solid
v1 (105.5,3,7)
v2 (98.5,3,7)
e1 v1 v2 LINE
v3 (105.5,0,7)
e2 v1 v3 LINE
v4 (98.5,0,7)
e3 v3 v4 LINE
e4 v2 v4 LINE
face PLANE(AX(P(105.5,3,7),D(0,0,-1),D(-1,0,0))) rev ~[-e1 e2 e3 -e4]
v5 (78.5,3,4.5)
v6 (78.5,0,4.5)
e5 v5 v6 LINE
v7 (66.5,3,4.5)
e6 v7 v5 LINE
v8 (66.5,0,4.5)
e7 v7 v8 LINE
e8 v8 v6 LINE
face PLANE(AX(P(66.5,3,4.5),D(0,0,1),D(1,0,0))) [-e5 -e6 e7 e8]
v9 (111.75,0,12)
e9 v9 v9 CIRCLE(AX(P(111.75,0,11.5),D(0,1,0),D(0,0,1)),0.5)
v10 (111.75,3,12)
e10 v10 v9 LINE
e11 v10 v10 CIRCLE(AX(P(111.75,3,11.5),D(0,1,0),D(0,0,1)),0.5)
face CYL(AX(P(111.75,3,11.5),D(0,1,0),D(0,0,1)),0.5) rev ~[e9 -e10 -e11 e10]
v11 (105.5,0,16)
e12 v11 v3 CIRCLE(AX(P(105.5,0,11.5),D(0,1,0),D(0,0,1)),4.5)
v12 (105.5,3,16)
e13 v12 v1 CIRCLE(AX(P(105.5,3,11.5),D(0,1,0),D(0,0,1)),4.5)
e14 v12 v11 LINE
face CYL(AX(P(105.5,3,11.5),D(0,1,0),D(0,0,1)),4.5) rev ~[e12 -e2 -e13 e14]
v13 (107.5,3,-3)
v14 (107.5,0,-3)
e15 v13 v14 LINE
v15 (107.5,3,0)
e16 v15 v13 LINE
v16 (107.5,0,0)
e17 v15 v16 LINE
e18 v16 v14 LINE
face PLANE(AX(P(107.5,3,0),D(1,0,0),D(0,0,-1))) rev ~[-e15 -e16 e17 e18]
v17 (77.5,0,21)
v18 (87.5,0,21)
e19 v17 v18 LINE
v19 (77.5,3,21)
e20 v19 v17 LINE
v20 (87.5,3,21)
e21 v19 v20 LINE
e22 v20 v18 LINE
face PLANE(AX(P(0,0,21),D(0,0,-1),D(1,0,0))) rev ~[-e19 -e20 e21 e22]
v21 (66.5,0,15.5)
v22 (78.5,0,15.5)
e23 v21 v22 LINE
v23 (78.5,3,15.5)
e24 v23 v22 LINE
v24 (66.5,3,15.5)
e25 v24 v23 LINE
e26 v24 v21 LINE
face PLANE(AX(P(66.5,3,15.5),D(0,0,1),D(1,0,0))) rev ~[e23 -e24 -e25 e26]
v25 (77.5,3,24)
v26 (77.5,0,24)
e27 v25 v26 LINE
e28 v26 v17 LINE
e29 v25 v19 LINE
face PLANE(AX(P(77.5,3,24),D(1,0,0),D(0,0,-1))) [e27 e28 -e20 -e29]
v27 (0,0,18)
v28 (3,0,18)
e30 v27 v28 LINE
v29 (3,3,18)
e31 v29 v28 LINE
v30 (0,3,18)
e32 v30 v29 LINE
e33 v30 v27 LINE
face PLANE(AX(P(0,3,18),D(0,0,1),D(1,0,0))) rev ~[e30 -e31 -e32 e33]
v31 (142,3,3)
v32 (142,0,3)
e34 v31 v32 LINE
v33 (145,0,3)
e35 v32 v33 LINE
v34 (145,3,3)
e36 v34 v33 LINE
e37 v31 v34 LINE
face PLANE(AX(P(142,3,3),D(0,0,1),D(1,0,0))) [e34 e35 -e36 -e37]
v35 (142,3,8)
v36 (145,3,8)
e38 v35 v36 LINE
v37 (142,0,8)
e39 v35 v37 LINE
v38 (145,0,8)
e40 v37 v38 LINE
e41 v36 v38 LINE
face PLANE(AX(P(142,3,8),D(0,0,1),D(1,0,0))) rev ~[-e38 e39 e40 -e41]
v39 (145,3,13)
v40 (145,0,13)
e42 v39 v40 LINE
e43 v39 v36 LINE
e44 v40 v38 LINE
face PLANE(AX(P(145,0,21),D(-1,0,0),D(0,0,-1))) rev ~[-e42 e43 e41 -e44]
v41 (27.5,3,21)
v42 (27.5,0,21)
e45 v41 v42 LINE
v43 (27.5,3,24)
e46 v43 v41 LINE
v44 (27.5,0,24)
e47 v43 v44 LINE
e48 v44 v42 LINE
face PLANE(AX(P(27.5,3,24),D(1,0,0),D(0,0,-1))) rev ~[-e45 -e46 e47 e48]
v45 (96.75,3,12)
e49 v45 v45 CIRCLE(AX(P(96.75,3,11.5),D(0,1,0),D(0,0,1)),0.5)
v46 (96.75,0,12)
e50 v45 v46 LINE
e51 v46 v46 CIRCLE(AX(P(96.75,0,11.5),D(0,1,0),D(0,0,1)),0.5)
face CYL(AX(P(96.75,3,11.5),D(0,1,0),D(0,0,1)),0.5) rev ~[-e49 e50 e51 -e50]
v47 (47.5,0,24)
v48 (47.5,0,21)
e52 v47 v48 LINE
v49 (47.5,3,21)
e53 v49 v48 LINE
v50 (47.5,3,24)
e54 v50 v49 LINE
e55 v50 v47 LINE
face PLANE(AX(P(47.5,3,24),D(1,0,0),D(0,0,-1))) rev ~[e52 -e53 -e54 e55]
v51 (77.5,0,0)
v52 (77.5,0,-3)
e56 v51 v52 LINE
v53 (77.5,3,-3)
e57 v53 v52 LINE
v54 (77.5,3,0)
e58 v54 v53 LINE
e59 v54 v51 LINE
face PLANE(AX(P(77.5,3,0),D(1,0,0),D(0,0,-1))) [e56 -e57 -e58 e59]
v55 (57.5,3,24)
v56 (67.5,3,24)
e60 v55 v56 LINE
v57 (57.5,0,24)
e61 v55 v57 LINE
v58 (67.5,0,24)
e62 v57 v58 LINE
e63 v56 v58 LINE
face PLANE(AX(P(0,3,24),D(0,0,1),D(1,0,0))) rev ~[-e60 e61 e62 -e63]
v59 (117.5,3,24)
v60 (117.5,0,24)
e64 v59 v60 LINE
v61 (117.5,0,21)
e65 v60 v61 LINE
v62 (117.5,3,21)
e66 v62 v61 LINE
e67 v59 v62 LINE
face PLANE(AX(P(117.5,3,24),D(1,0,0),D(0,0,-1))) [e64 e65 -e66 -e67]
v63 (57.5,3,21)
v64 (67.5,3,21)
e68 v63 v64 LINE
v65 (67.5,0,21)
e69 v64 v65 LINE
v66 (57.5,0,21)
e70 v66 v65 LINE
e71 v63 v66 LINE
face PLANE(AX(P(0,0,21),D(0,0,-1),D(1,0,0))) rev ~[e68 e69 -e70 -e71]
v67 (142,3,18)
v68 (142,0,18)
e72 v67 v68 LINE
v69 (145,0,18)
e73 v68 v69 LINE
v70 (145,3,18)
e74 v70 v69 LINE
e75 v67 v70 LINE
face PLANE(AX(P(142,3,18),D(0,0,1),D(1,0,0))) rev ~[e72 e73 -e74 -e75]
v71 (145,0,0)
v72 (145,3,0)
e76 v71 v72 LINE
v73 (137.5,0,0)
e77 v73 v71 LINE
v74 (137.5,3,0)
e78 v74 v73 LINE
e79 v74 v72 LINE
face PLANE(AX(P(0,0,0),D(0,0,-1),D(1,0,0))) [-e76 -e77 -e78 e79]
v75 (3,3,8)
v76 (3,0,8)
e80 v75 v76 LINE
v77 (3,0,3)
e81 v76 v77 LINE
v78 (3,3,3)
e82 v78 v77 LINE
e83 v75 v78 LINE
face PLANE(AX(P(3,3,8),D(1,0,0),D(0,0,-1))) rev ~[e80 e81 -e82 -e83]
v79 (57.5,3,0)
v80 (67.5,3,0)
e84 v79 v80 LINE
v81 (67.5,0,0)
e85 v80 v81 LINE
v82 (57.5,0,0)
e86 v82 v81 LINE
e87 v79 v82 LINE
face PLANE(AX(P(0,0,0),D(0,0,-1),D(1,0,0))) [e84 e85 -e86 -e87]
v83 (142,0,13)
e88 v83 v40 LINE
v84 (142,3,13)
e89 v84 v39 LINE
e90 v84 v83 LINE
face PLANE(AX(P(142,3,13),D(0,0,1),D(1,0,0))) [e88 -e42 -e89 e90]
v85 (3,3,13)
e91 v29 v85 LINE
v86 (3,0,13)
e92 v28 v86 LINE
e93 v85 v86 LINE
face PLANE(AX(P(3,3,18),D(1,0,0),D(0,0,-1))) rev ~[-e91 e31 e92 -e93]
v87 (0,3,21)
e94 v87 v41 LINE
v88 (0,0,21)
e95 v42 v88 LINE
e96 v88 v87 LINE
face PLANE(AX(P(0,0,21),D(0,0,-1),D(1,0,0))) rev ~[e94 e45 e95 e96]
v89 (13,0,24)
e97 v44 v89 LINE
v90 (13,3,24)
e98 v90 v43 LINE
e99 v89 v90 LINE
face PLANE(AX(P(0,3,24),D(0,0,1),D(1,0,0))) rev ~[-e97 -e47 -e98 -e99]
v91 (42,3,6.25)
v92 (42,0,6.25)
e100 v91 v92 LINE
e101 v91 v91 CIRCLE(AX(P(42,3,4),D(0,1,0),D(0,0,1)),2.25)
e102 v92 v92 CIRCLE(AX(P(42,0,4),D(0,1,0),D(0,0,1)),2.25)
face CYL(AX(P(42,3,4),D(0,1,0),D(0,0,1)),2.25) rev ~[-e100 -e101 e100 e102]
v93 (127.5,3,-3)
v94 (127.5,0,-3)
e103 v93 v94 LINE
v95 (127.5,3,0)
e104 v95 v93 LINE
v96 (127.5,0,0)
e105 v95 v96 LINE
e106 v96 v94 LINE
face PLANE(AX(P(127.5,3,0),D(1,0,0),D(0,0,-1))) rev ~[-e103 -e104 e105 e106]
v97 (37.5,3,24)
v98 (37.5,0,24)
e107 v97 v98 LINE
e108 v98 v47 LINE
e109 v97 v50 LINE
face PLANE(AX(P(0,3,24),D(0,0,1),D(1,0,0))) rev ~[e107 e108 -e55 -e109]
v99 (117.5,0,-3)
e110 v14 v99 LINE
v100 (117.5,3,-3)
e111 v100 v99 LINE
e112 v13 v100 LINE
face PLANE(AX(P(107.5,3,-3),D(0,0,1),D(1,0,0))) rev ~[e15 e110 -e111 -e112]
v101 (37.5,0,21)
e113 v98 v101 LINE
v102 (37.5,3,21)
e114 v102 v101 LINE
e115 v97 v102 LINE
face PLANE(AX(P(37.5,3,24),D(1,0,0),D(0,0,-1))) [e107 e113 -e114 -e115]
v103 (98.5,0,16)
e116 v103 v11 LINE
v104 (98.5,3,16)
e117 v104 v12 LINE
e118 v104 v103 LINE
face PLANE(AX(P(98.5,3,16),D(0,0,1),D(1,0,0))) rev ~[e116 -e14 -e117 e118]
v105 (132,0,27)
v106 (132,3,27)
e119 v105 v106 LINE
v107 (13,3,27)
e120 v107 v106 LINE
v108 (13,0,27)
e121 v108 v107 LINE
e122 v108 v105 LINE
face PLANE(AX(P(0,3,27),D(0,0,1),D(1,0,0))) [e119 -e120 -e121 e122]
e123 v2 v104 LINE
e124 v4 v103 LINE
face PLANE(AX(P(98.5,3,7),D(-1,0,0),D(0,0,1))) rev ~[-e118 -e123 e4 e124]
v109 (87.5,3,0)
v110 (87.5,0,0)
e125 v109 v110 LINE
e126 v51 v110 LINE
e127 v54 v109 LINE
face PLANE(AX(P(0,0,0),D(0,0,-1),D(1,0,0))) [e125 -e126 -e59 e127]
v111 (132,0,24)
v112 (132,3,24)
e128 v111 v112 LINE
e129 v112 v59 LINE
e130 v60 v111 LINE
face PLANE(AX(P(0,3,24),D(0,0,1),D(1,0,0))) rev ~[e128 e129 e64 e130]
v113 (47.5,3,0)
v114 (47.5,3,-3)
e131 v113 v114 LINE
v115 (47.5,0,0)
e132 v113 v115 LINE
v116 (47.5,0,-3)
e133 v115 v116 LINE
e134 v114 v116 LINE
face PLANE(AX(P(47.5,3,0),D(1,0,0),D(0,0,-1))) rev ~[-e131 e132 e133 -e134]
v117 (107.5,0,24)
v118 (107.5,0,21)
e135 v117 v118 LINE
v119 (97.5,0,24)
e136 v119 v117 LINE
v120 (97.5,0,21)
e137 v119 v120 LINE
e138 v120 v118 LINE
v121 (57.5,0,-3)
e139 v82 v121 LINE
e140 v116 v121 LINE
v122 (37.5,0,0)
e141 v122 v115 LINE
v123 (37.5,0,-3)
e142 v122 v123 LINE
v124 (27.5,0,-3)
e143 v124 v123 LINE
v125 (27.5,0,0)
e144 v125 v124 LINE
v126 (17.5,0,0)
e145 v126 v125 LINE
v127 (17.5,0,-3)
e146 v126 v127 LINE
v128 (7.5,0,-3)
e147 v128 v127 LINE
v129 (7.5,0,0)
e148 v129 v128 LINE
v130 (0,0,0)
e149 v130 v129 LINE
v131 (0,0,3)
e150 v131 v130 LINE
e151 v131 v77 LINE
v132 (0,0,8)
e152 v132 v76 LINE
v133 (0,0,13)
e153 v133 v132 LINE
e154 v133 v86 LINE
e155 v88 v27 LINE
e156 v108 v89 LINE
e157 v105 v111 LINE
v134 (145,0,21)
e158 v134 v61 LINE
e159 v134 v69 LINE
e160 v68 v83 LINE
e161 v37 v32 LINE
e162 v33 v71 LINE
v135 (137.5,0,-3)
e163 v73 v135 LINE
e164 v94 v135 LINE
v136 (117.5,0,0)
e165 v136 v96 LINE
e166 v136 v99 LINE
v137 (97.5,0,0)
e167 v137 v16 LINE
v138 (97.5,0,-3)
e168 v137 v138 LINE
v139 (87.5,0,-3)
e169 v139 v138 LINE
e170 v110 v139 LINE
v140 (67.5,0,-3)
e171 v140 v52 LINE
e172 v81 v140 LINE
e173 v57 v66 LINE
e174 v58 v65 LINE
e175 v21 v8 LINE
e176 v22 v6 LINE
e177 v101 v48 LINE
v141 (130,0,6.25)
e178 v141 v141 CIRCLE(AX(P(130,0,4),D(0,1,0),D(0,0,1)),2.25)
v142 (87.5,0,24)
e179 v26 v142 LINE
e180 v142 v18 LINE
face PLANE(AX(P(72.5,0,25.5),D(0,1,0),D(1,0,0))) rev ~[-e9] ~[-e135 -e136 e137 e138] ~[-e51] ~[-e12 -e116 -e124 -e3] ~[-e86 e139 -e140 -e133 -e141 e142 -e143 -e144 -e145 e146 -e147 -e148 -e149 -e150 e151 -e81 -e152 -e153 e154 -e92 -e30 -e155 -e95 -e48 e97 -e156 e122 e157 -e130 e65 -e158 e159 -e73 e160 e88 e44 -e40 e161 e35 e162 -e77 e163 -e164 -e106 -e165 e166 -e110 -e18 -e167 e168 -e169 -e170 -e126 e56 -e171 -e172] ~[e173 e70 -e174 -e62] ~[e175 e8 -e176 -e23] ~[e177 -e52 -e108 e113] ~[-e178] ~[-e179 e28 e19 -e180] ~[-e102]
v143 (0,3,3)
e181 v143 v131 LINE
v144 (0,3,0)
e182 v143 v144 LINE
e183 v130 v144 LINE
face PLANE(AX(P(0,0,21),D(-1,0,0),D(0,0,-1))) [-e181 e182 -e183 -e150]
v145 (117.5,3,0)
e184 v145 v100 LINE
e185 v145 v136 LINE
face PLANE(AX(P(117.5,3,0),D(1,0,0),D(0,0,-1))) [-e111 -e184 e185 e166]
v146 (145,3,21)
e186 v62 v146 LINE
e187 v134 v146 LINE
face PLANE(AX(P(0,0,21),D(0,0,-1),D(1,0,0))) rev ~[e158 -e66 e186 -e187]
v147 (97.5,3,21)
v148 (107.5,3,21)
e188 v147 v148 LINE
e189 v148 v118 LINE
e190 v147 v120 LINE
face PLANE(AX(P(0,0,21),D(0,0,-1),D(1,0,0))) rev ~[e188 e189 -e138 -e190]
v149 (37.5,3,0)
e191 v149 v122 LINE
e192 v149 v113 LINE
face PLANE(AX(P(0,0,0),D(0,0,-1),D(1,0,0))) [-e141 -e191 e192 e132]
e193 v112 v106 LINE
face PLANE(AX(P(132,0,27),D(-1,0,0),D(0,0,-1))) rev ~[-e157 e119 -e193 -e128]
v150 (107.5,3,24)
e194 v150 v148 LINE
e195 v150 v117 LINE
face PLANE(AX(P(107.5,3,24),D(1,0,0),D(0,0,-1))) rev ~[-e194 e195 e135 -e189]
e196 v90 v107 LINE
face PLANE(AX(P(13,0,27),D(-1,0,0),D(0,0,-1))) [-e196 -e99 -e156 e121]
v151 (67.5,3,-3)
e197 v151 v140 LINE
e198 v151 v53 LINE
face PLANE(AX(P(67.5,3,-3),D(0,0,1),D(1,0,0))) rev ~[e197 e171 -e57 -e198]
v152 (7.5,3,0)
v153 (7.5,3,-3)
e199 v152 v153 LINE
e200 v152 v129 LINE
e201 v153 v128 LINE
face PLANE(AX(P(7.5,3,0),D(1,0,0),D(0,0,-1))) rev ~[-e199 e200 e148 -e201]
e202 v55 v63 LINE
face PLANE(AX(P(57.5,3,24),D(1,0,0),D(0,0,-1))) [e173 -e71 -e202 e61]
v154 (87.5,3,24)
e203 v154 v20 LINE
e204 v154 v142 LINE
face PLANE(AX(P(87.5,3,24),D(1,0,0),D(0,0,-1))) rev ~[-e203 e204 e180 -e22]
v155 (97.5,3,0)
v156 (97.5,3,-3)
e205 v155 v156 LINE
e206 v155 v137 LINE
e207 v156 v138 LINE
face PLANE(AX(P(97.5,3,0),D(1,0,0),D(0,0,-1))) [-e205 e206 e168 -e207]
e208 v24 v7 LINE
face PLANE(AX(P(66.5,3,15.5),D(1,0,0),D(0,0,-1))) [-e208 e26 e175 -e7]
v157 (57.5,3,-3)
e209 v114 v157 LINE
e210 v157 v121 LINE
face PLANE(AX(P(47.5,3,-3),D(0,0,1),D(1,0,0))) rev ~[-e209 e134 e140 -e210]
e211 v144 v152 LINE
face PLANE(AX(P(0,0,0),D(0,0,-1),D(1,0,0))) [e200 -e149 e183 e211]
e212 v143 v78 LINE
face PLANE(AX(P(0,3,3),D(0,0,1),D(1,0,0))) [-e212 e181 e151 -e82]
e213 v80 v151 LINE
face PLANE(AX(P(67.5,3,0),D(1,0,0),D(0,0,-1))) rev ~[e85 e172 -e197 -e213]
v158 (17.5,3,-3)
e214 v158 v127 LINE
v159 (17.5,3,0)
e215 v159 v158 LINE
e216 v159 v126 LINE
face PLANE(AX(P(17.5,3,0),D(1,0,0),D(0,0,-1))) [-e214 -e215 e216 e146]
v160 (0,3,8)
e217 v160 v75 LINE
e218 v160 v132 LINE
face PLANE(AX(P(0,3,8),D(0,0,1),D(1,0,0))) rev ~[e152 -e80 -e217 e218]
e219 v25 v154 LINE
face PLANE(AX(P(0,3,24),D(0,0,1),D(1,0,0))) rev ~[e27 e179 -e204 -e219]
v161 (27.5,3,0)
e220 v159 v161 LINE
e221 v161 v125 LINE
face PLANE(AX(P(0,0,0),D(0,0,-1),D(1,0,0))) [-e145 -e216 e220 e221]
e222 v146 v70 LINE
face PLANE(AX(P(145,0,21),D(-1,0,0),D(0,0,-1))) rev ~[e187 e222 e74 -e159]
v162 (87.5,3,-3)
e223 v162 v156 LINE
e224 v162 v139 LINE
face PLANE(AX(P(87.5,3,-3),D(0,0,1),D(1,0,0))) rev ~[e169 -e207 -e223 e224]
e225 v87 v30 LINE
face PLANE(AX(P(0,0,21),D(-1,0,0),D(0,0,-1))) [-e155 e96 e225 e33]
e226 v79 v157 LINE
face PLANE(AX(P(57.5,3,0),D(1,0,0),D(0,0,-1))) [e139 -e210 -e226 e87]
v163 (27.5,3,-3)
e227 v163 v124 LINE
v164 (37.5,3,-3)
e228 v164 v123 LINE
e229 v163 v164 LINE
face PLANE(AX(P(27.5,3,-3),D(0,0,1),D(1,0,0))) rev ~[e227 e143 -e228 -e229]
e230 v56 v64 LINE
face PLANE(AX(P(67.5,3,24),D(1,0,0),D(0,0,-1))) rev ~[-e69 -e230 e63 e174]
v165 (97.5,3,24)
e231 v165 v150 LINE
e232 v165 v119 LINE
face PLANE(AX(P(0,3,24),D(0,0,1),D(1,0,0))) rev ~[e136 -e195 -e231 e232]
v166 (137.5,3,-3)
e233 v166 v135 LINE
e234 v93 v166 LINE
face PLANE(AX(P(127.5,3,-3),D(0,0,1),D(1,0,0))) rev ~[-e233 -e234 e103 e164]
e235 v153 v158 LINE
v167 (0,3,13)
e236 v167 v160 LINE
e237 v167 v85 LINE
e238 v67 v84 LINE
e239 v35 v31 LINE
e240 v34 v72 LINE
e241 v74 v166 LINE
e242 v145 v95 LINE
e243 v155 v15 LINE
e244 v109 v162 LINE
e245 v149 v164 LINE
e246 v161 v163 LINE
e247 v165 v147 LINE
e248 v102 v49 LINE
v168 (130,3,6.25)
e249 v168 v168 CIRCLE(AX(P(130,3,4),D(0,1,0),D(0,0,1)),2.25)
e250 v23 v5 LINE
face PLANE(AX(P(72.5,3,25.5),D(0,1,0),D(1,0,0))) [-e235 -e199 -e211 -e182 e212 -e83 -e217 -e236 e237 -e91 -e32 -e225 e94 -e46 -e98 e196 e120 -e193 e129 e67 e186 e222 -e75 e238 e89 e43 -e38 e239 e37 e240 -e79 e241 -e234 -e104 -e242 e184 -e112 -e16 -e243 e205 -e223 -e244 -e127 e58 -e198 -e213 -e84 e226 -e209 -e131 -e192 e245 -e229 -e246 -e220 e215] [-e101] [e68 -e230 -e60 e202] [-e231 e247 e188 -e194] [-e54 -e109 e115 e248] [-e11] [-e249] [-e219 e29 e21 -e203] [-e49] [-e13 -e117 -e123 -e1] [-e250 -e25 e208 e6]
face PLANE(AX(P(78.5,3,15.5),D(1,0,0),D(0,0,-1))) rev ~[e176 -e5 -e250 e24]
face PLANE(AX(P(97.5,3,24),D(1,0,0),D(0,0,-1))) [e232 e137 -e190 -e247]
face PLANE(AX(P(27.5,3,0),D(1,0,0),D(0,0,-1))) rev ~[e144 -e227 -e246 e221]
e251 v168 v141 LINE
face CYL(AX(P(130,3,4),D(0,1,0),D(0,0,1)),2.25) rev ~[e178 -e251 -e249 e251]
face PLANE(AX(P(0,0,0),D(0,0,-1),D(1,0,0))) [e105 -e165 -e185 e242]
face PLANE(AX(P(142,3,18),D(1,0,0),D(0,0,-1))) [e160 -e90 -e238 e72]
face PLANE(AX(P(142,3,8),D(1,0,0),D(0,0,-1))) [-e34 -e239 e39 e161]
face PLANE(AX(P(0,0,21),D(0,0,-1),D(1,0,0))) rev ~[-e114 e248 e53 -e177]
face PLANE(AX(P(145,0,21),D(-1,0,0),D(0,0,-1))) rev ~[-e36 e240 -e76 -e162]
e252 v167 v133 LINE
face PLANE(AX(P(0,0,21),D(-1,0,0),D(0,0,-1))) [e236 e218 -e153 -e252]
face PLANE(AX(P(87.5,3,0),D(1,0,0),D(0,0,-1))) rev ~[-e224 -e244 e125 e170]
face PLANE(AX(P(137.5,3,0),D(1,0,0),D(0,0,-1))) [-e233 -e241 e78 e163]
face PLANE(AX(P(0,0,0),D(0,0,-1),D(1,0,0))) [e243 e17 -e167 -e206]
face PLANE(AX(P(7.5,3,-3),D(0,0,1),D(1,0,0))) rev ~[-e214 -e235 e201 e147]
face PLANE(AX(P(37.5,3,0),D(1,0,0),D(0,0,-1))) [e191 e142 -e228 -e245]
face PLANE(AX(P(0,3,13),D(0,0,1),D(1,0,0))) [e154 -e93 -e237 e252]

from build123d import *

# Parameters (mm, degrees)
SKETCH1_W           = 145
SKETCH1_H           = 21
BOSS_EXTRUDE1_DEPTH = 3
SKETCH2_W           = 12
SKETCH2_H           = 11
CUT_EXTRUDE1_DEPTH  = 147.543508898
SKETCH3_R           = 2.25
CUT_EXTRUDE2_DEPTH  = 147.543508898
SKETCH4_R           = 0.5
CUT_EXTRUDE3_DEPTH  = 147.543508898
SKETCH5_W           = 10
SKETCH5_H           = 3
BOSS_EXTRUDE2_DEPTH = 3
LPATTERN1_COUNT     = 4
LPATTERN1_PITCH     = 20
LPATTERN1_COL_COUNT = 4
LPATTERN1_COL_PITCH = 20
SKETCH6_W           = 145
SKETCH6_H           = 3
BOSS_EXTRUDE3_DEPTH = 3
SKETCH8_W           = 10
SKETCH8_H           = 3
CUT_EXTRUDE4_DEPTH  = 148.522879581
SKETCH9_W           = 3
SKETCH9_H           = 5
CUT_EXTRUDE5_DEPTH  = 148.522879581
SKETCH10_W          = 13
SKETCH10_H          = 3
CUT_EXTRUDE6_DEPTH  = 148.522879581


with BuildPart() as part:
    # Sketch1 → Boss-Extrude1 (new body)
    with BuildSketch(Plane(origin=(0, 0, 0), x_dir=(1, 0, 0), z_dir=(0, 1, 0))):
        with Locations((72.5, -10.5)):
            Rectangle(SKETCH1_W, SKETCH1_H)
    extrude(amount=BOSS_EXTRUDE1_DEPTH)

    # Sketch2 → Cut-Extrude1 (cut, through all)
    with BuildSketch(Plane(origin=(0, 3, 0), x_dir=(1, 0, 0), z_dir=(0, 1, 0))):
        with Locations((72.5, -10)):
            Rectangle(SKETCH2_W, SKETCH2_H)
    extrude(amount=-CUT_EXTRUDE1_DEPTH, mode=Mode.SUBTRACT)

    # Sketch3 → Cut-Extrude2 (cut, through all)
    with BuildSketch(Plane(origin=(0, 3, 0), x_dir=(1, 0, 0), z_dir=(0, 1, 0))):
        with Locations(Location((42, -4, 0), (0, 0, 270))):
            Circle(SKETCH3_R)
        with Locations(Location((130, -4, 0), (0, 0, 270))):
            Circle(SKETCH3_R)
    extrude(amount=-CUT_EXTRUDE2_DEPTH, mode=Mode.SUBTRACT)

    # Sketch4 → Cut-Extrude3 (cut, through all)
    with BuildSketch(Plane(origin=(0, 3, 0), x_dir=(1, 0, 0), z_dir=(0, 1, 0))):
        with BuildLine():
            Line((98.5, -7), (98.5, -16))
            Line((98.5, -16), (105.5, -16))
            ThreePointArc((105.5, -16), (110, -11.500000006), (105.500000011, -7))
            Line((105.500000011, -7), (98.5, -7))
        make_face()
        with Locations(Location((96.75, -11.5, 0), (0, 0, 270))):
            Circle(SKETCH4_R)
        with Locations(Location((111.75, -11.5, 0), (0, 0, 270))):
            Circle(SKETCH4_R)
    extrude(amount=-CUT_EXTRUDE3_DEPTH, mode=Mode.SUBTRACT)

    # Sketch5 → Boss-Extrude2 (add, through all)
    with BuildSketch(Plane(origin=(0, 3, 0), x_dir=(1, 0, 0), z_dir=(0, 1, 0))):
        with Locations((72.5, -22.5)):
            Rectangle(SKETCH5_W, SKETCH5_H)
        with Locations((72.5, 1.5)):
            Rectangle(SKETCH5_W, SKETCH5_H)
    boss_extrude2 = extrude(amount=-BOSS_EXTRUDE2_DEPTH)

    # LPattern1: Boss-Extrude2 ×4
    with Locations(*[(-i * LPATTERN1_PITCH, 0, 0) for i in range(1, LPATTERN1_COUNT)]):
        add(boss_extrude2)

    # LPattern1 col: Boss-Extrude2 ×4
    with Locations(*[(i * LPATTERN1_COL_PITCH, 0, 0) for i in range(1, LPATTERN1_COL_COUNT)]):
        add(boss_extrude2)

    # Sketch6 → Boss-Extrude3 (add, through all)
    with BuildSketch(Plane(origin=(0, 3, 0), x_dir=(1, 0, 0), z_dir=(0, 1, 0))):
        with Locations((72.5, -25.5)):
            Rectangle(SKETCH6_W, SKETCH6_H)
    extrude(amount=-BOSS_EXTRUDE3_DEPTH)

    # Sketch8 → Cut-Extrude4 (cut, through all)
    with BuildSketch(Plane(origin=(0, 0, 0), x_dir=(-1, 0, 0), z_dir=(0, -1, 0))):
        with Locations((-12.5, -22.5)):
            Rectangle(SKETCH8_W, SKETCH8_H)
        with Locations((-132.5, -22.5)):
            Rectangle(SKETCH8_W, SKETCH8_H)
    extrude(amount=-CUT_EXTRUDE4_DEPTH, mode=Mode.SUBTRACT)

    # Sketch9 → Cut-Extrude5 (cut, through all)
    with BuildSketch(Plane(origin=(0, 3, 0), x_dir=(1, 0, 0), z_dir=(0, 1, 0))):
        with Locations((1.5, -15.5)):
            Rectangle(SKETCH9_W, SKETCH9_H)
        with Locations((1.5, -5.5)):
            Rectangle(SKETCH9_W, SKETCH9_H)
        with Locations((143.5, -15.5)):
            Rectangle(SKETCH9_W, SKETCH9_H)
        with Locations((143.5, -5.5)):
            Rectangle(SKETCH9_W, SKETCH9_H)
    extrude(amount=-CUT_EXTRUDE5_DEPTH, mode=Mode.SUBTRACT)

    # Sketch10 → Cut-Extrude6 (cut, through all)
    with BuildSketch(Plane(origin=(0, 0, 0), x_dir=(-1, 0, 0), z_dir=(0, -1, 0))):
        with Locations((-6.5, -25.5)):
            Rectangle(SKETCH10_W, SKETCH10_H)
        with Locations((-138.5, -25.5)):
            Rectangle(SKETCH10_W, SKETCH10_H)
    extrude(amount=-CUT_EXTRUDE6_DEPTH, mode=Mode.SUBTRACT)


solid = part.part
